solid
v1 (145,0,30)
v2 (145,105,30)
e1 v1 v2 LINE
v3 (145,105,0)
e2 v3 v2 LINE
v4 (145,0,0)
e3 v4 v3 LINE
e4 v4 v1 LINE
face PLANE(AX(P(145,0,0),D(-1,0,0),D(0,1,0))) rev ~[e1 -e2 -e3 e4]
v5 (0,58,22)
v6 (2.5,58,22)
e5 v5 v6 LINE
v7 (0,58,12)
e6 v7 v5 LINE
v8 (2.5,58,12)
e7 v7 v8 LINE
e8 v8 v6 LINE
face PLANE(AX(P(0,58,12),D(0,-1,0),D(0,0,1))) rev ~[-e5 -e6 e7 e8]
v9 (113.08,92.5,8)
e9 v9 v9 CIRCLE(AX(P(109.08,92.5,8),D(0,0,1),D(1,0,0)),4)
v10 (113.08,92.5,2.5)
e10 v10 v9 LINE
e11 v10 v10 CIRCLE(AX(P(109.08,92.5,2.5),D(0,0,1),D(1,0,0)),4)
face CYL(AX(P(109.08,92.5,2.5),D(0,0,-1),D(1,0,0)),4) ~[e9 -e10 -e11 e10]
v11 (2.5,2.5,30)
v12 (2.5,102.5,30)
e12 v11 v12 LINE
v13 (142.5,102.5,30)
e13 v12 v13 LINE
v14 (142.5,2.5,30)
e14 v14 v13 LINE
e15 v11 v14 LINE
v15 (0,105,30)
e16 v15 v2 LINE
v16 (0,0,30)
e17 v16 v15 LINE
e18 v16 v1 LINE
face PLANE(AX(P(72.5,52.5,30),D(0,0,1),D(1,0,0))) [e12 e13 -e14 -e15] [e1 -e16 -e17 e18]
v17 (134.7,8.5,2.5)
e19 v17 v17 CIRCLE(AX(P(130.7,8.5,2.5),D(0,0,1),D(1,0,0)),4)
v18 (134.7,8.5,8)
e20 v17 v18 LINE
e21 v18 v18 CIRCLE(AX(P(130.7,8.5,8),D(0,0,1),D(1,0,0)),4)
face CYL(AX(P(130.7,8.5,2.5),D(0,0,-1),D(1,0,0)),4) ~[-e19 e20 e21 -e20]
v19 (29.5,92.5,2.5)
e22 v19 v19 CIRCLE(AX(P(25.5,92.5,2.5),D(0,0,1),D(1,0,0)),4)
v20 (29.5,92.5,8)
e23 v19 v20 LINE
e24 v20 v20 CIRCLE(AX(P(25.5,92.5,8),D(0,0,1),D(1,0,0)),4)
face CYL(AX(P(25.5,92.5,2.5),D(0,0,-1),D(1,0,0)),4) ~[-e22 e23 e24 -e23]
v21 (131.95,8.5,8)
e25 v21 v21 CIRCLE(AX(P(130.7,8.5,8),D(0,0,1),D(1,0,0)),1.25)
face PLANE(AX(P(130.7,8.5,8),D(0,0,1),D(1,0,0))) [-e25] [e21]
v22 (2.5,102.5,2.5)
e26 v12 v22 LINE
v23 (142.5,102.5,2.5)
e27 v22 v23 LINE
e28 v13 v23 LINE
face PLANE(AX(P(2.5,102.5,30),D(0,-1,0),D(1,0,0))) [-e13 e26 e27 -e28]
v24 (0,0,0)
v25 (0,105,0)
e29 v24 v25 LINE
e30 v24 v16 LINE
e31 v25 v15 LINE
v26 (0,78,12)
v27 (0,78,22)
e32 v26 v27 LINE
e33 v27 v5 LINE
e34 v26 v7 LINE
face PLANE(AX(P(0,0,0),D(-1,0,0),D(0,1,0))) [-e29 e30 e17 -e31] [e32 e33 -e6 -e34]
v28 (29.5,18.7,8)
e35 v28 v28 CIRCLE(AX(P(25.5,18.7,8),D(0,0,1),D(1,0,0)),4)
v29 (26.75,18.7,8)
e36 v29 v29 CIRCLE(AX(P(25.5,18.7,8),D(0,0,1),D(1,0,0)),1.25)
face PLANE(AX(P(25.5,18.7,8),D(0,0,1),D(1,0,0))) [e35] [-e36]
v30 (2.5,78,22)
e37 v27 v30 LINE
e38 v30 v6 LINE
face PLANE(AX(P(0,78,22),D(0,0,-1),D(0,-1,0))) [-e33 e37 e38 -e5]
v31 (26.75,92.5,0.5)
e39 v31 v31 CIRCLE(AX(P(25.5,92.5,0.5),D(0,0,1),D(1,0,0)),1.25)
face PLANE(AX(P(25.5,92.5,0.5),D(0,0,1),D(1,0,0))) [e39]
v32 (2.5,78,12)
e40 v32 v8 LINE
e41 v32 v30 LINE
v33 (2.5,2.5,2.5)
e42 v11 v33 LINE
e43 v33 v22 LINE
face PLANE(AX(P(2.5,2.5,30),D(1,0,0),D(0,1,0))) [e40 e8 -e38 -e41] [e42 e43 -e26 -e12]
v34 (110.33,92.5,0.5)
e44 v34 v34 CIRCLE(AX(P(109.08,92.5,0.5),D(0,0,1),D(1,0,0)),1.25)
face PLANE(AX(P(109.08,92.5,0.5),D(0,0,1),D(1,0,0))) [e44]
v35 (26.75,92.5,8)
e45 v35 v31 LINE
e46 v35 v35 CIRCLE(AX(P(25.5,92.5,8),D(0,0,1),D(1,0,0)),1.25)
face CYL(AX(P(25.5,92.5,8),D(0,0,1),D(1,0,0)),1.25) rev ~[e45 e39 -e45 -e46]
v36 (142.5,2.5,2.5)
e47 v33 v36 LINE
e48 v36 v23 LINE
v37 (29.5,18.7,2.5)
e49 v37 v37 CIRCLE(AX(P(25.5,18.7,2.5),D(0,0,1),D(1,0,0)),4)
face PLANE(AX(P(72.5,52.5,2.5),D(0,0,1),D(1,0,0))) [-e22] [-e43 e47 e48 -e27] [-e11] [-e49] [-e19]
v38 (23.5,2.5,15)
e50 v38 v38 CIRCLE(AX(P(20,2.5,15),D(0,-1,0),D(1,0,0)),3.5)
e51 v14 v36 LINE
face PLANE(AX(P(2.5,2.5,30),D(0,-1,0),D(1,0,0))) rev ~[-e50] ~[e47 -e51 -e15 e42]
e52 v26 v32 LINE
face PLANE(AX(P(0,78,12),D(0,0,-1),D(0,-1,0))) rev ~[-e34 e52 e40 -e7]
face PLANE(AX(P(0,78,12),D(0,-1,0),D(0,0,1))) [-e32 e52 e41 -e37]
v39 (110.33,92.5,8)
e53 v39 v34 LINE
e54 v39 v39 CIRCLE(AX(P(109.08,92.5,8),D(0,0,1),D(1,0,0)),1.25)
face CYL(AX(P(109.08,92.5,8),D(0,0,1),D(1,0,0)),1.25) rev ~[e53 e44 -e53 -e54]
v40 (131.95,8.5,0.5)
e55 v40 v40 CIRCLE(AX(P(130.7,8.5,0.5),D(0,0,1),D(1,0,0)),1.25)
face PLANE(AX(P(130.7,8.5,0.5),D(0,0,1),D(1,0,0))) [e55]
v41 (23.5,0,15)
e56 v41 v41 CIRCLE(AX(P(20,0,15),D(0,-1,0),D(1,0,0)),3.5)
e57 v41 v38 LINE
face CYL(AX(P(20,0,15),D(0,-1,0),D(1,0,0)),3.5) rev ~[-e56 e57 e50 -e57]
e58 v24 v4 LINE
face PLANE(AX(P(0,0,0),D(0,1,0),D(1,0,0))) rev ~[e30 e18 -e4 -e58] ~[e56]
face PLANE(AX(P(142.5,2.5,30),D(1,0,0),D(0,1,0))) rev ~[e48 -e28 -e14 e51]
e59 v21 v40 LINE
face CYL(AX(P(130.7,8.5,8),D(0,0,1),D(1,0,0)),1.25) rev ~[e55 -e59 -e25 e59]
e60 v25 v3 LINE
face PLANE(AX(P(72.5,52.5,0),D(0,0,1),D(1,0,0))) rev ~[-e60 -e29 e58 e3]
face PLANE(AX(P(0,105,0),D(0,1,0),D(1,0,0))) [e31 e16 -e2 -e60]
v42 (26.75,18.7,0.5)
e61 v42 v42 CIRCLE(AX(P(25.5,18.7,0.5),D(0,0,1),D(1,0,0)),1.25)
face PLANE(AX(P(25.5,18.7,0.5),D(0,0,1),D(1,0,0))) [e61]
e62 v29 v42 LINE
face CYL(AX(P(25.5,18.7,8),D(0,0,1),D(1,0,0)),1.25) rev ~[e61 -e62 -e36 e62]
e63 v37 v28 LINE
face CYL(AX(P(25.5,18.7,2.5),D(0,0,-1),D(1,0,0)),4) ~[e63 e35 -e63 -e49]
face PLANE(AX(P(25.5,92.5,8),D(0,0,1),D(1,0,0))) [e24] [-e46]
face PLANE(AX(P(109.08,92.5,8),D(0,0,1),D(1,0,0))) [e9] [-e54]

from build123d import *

# Parameters (mm, degrees)
SKETCH_W        = 145
SKETCH_H        = 105
PAD_DEPTH       = 30
SKETCH002_W     = 140
SKETCH002_H     = 100
POCKET_DEPTH    = 27.5
SKETCH003_R     = 4
SKETCH003_R_2   = 1
PAD001_DEPTH    = 5.5
SKETCH004_W     = 20
SKETCH004_H     = 10
POCKET001_DEPTH = 2.5
SKETCH005_R     = 3.5
POCKET002_DEPTH = 2.5
SKETCH006_R     = 1.25
POCKET003_DEPTH = 7.5


with BuildPart() as part:
    # Sketch → Pad (new body)
    with BuildSketch(Plane.XY):
        with Locations((72.5, 52.5)):
            Rectangle(SKETCH_W, SKETCH_H)
    extrude(amount=PAD_DEPTH)

    # Sketch002 (on Face6 of Pad) → Pocket (cut)
    with BuildSketch(Plane.XY.offset(30)):
        with Locations((72.5, 52.5)):
            Rectangle(SKETCH002_W, SKETCH002_H)
    extrude(amount=-POCKET_DEPTH, mode=Mode.SUBTRACT)

    # Sketch003 (on Face11 of Pocket) → Pad001 (join)
    with BuildSketch(Plane.XY.offset(2.5)):
        with Locations((25.5, 92.5)):
            Circle(SKETCH003_R)
        with Locations((25.5, 92.5)):
            Circle(SKETCH003_R_2, mode=Mode.SUBTRACT)
        with Locations((109.08, 92.5)):
            Circle(SKETCH003_R)
        with Locations((109.08, 92.5)):
            Circle(SKETCH003_R_2, mode=Mode.SUBTRACT)
        with Locations((25.5, 18.7)):
            Circle(SKETCH003_R)
        with Locations((25.5, 18.7)):
            Circle(SKETCH003_R_2, mode=Mode.SUBTRACT)
        with Locations((130.7, 8.5)):
            Circle(SKETCH003_R)
        with Locations((130.7, 8.5)):
            Circle(SKETCH003_R_2, mode=Mode.SUBTRACT)
    extrude(amount=PAD001_DEPTH)

    # Sketch004 (on Face2 of Pad001) → Pocket001 (cut)
    with BuildSketch(Plane(origin=(0, 0, 0), x_dir=(0, -1, 0), z_dir=(-1, 0, 0))):
        with Locations((-68, 17)):
            Rectangle(SKETCH004_W, SKETCH004_H)
    extrude(amount=-POCKET001_DEPTH, mode=Mode.SUBTRACT)

    # Sketch005 (on Face1 of Pocket001) → Pocket002 (cut)
    with BuildSketch(Plane.XZ):
        with Locations((20, 15)):
            Circle(SKETCH005_R)
    extrude(amount=-POCKET002_DEPTH, mode=Mode.SUBTRACT)

    # Sketch006 (on Face21 of Pocket002) → Pocket003 (cut)
    with BuildSketch(Plane.XY.offset(8)):
        with Locations((25.5, 92.5)):
            Circle(SKETCH006_R)
        with Locations((109.08, 92.5)):
            Circle(SKETCH006_R)
        with Locations((25.5, 18.7)):
            Circle(SKETCH006_R)
        with Locations((130.7, 8.5)):
            Circle(SKETCH006_R)
    extrude(amount=-POCKET003_DEPTH, mode=Mode.SUBTRACT)


solid = part.part
